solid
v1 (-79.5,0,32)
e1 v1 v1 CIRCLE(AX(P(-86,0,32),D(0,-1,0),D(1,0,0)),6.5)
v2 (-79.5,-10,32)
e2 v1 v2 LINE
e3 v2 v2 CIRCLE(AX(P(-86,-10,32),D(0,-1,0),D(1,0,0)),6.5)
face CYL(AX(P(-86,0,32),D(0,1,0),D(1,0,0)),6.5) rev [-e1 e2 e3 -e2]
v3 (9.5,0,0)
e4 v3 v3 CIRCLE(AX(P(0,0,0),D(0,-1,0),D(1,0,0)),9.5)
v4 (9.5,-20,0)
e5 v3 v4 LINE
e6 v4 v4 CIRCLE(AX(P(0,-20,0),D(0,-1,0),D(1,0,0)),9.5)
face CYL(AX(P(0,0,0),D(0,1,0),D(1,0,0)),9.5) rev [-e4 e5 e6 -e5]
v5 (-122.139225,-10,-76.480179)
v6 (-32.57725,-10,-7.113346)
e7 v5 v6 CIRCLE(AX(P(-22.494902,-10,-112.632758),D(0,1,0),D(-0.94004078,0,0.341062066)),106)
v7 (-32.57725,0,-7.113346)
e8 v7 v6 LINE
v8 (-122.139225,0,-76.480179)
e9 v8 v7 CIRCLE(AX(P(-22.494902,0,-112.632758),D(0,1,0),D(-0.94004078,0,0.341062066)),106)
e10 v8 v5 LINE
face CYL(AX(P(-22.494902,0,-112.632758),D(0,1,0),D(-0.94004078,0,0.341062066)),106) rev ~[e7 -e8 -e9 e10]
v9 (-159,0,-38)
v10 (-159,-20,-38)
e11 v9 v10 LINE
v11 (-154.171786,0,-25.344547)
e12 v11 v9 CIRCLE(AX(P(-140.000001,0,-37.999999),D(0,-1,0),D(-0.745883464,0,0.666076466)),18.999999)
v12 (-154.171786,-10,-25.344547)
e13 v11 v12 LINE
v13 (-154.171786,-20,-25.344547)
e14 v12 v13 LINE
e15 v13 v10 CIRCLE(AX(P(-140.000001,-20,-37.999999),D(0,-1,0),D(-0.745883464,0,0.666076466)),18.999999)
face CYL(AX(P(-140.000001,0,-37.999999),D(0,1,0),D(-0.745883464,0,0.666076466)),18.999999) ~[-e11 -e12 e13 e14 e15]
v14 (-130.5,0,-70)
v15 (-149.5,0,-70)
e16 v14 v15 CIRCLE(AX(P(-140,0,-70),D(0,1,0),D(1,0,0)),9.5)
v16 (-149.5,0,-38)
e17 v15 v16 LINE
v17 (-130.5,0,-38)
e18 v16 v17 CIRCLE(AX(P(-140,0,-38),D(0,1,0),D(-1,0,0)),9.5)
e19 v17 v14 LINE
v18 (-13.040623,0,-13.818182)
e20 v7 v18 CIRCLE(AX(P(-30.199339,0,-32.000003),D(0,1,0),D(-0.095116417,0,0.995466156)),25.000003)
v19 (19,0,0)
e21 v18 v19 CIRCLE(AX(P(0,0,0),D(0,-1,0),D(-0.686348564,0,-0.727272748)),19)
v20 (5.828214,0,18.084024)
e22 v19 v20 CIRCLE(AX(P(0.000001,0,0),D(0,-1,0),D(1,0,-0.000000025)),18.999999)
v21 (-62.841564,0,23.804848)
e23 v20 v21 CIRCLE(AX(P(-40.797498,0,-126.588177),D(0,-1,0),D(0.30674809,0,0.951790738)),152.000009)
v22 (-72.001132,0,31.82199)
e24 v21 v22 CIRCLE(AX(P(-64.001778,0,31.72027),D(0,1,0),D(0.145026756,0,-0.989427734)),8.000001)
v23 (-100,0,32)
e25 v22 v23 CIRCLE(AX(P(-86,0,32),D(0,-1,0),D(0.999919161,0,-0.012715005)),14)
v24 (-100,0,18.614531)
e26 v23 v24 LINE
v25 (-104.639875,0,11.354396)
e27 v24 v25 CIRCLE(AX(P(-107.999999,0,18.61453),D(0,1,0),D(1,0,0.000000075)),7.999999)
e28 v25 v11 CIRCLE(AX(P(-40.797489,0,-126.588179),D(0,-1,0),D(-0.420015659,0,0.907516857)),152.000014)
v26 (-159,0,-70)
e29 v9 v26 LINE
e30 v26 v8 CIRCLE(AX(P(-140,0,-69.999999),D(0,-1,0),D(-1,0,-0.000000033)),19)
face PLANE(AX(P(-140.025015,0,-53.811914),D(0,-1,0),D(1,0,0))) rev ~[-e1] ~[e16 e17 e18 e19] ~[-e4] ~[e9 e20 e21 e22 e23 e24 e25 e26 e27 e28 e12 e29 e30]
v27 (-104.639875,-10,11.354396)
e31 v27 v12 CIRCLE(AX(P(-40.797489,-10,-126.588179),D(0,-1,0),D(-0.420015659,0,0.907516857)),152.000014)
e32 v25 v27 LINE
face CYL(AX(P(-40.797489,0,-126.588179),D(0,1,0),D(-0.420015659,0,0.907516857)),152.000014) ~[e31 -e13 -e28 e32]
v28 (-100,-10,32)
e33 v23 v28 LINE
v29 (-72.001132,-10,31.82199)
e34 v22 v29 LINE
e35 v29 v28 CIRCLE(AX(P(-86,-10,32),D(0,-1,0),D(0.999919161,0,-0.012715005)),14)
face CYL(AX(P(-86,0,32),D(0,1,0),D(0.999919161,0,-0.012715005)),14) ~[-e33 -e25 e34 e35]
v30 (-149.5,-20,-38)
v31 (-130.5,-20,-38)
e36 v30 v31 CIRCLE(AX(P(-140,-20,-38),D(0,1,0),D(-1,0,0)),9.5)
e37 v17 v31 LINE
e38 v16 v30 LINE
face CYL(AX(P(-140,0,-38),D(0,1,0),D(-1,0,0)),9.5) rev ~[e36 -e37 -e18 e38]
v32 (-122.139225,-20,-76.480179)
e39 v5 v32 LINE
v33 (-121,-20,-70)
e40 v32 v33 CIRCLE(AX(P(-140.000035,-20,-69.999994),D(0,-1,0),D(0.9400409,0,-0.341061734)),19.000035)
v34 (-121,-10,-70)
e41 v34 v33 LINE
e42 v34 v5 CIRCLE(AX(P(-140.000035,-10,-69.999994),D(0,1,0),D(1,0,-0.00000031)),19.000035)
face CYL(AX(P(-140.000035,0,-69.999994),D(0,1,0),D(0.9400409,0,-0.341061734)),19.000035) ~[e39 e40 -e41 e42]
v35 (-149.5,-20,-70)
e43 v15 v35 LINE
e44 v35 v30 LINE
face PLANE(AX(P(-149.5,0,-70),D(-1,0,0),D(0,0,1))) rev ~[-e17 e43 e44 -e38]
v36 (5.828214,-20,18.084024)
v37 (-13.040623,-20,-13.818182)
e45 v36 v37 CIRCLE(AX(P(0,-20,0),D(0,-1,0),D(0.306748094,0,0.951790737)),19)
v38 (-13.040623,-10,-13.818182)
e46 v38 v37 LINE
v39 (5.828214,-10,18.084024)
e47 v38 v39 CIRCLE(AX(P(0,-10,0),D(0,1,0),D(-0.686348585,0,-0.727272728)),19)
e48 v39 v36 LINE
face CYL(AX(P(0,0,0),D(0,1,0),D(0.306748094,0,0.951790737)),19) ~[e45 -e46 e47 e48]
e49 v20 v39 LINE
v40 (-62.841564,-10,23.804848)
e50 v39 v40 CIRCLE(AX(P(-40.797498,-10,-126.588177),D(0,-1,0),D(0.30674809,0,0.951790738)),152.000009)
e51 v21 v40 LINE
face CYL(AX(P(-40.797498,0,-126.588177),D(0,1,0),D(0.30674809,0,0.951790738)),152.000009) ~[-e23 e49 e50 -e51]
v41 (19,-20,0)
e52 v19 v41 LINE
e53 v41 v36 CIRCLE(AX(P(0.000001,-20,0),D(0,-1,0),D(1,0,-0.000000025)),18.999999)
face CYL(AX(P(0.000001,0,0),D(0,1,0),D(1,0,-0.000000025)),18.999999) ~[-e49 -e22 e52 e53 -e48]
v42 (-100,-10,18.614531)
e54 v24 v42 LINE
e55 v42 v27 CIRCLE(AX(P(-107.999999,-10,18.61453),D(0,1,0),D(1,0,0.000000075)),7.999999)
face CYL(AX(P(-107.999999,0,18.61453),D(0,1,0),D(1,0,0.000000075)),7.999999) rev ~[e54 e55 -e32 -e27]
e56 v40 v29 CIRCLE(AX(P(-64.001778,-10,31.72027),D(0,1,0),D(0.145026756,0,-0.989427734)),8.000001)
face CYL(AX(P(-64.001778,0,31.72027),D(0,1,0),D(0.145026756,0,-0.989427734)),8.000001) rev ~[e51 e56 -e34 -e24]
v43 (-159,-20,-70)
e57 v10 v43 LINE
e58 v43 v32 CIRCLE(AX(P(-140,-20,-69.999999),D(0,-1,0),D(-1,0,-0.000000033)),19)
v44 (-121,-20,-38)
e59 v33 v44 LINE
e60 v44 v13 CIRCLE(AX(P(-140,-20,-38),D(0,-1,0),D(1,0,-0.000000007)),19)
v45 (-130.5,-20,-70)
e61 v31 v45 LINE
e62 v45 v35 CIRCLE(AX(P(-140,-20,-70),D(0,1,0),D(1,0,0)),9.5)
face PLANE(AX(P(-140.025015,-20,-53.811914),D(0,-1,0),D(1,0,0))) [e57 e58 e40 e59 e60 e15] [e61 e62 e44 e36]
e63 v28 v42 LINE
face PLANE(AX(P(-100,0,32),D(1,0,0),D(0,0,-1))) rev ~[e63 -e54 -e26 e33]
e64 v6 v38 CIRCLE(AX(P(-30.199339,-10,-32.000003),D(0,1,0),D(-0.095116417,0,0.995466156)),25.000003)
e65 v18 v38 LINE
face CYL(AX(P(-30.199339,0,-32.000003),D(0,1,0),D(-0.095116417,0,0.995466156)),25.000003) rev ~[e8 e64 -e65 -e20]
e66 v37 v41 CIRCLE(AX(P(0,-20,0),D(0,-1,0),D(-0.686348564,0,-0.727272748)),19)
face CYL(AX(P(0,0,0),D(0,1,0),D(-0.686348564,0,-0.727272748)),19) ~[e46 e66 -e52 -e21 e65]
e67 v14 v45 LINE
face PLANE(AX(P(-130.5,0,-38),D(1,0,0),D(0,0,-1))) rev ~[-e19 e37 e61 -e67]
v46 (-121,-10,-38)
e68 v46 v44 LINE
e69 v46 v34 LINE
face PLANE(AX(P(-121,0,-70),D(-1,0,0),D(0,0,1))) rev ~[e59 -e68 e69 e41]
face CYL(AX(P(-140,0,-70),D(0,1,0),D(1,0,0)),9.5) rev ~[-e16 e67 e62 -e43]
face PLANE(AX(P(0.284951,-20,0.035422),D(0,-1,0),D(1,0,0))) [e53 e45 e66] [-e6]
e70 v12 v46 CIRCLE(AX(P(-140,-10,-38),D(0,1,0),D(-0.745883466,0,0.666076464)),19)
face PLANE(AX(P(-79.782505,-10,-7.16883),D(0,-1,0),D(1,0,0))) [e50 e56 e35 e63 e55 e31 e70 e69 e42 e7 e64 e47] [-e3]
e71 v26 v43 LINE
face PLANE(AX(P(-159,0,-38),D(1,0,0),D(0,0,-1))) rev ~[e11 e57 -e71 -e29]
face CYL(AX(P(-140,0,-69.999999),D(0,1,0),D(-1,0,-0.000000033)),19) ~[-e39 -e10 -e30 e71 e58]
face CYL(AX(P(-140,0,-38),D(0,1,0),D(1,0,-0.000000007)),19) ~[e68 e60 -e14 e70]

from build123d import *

# Parameters (mm, degrees)
F0_R     = 6.5
F1_DEPTH = 10
F0_R_2   = 9.5
F2_DEPTH = 20


with BuildPart() as f1:
    # F0 (on Front) → F1 (new body)
    with BuildSketch(Plane.XZ):
        with BuildLine():
            ThreePointArc((-13.040623, -13.818182), (-16.353666, 9.672518), (5.828214, 18.084024))
            ThreePointArc((5.828214, 18.084024), (-28.178216, 24.88709), (-62.841564, 23.804848))
            ThreePointArc((-62.841564, 23.804848), (-69.270753, 25.700477), (-72.001132, 31.82199))
            ThreePointArc((-72.001132, 31.82199), (-85.910993, 45.999717), (-100, 32))
            Line((-100, 32), (-100, 18.614531))
            ThreePointArc((-100, 18.614531), (-101.259043, 14.306457), (-104.639875, 11.354396))
            ThreePointArc((-104.639875, 11.354396), (-131.285838, -4.457663), (-154.171786, -25.344547))
            ThreePointArc((-154.171786, -25.344547), (-133.227406, -20.248043), (-121, -38))
            Line((-121, -38), (-121, -70))
            ThreePointArc((-121, -70), (-121.286974, -73.289778), (-122.139225, -76.480179))
            ThreePointArc((-122.139225, -76.480179), (-87.401951, -28.828969), (-32.57725, -7.113346))
            ThreePointArc((-32.57725, -7.113346), (-22.084121, -8.35379), (-13.040623, -13.818182))
        make_face()
        with Locations((-86, 32)):
            Circle(F0_R, mode=Mode.SUBTRACT)
    extrude(amount=F1_DEPTH)

    # F0 (on Front) → F2 (join)
    with BuildSketch(Plane.XZ):
        with BuildLine():
            ThreePointArc((-159, -70), (-143.289778, -88.713026), (-122.139225, -76.480179))
            ThreePointArc((-122.139225, -76.480179), (-121.286974, -73.289778), (-121, -70))
            Line((-121, -70), (-121, -38))
            ThreePointArc((-121, -38), (-133.227406, -20.248043), (-154.171786, -25.344547))
            ThreePointArc((-154.171786, -25.344547), (-157.751957, -31.227406), (-159, -38))
            Line((-159, -38), (-159, -70))
        make_face()
        with BuildLine():
            ThreePointArc((-149.5, -38), (-140, -28.5), (-130.5, -38))
            Line((-130.5, -38), (-130.5, -70))
            ThreePointArc((-130.5, -70), (-140, -79.5), (-149.5, -70))
            Line((-149.5, -70), (-149.5, -38))
        make_face(mode=Mode.SUBTRACT)
        with BuildLine():
            ThreePointArc((-13.040623, -13.818182), (7.524233, -17.446659), (19, 0))
            ThreePointArc((19, 0), (15.357996, 11.18624), (5.828214, 18.084024))
            ThreePointArc((5.828214, 18.084024), (-16.353666, 9.672518), (-13.040623, -13.818182))
        make_face()
        Circle(F0_R_2, mode=Mode.SUBTRACT)
    extrude(amount=F2_DEPTH)


solid = f1.part
